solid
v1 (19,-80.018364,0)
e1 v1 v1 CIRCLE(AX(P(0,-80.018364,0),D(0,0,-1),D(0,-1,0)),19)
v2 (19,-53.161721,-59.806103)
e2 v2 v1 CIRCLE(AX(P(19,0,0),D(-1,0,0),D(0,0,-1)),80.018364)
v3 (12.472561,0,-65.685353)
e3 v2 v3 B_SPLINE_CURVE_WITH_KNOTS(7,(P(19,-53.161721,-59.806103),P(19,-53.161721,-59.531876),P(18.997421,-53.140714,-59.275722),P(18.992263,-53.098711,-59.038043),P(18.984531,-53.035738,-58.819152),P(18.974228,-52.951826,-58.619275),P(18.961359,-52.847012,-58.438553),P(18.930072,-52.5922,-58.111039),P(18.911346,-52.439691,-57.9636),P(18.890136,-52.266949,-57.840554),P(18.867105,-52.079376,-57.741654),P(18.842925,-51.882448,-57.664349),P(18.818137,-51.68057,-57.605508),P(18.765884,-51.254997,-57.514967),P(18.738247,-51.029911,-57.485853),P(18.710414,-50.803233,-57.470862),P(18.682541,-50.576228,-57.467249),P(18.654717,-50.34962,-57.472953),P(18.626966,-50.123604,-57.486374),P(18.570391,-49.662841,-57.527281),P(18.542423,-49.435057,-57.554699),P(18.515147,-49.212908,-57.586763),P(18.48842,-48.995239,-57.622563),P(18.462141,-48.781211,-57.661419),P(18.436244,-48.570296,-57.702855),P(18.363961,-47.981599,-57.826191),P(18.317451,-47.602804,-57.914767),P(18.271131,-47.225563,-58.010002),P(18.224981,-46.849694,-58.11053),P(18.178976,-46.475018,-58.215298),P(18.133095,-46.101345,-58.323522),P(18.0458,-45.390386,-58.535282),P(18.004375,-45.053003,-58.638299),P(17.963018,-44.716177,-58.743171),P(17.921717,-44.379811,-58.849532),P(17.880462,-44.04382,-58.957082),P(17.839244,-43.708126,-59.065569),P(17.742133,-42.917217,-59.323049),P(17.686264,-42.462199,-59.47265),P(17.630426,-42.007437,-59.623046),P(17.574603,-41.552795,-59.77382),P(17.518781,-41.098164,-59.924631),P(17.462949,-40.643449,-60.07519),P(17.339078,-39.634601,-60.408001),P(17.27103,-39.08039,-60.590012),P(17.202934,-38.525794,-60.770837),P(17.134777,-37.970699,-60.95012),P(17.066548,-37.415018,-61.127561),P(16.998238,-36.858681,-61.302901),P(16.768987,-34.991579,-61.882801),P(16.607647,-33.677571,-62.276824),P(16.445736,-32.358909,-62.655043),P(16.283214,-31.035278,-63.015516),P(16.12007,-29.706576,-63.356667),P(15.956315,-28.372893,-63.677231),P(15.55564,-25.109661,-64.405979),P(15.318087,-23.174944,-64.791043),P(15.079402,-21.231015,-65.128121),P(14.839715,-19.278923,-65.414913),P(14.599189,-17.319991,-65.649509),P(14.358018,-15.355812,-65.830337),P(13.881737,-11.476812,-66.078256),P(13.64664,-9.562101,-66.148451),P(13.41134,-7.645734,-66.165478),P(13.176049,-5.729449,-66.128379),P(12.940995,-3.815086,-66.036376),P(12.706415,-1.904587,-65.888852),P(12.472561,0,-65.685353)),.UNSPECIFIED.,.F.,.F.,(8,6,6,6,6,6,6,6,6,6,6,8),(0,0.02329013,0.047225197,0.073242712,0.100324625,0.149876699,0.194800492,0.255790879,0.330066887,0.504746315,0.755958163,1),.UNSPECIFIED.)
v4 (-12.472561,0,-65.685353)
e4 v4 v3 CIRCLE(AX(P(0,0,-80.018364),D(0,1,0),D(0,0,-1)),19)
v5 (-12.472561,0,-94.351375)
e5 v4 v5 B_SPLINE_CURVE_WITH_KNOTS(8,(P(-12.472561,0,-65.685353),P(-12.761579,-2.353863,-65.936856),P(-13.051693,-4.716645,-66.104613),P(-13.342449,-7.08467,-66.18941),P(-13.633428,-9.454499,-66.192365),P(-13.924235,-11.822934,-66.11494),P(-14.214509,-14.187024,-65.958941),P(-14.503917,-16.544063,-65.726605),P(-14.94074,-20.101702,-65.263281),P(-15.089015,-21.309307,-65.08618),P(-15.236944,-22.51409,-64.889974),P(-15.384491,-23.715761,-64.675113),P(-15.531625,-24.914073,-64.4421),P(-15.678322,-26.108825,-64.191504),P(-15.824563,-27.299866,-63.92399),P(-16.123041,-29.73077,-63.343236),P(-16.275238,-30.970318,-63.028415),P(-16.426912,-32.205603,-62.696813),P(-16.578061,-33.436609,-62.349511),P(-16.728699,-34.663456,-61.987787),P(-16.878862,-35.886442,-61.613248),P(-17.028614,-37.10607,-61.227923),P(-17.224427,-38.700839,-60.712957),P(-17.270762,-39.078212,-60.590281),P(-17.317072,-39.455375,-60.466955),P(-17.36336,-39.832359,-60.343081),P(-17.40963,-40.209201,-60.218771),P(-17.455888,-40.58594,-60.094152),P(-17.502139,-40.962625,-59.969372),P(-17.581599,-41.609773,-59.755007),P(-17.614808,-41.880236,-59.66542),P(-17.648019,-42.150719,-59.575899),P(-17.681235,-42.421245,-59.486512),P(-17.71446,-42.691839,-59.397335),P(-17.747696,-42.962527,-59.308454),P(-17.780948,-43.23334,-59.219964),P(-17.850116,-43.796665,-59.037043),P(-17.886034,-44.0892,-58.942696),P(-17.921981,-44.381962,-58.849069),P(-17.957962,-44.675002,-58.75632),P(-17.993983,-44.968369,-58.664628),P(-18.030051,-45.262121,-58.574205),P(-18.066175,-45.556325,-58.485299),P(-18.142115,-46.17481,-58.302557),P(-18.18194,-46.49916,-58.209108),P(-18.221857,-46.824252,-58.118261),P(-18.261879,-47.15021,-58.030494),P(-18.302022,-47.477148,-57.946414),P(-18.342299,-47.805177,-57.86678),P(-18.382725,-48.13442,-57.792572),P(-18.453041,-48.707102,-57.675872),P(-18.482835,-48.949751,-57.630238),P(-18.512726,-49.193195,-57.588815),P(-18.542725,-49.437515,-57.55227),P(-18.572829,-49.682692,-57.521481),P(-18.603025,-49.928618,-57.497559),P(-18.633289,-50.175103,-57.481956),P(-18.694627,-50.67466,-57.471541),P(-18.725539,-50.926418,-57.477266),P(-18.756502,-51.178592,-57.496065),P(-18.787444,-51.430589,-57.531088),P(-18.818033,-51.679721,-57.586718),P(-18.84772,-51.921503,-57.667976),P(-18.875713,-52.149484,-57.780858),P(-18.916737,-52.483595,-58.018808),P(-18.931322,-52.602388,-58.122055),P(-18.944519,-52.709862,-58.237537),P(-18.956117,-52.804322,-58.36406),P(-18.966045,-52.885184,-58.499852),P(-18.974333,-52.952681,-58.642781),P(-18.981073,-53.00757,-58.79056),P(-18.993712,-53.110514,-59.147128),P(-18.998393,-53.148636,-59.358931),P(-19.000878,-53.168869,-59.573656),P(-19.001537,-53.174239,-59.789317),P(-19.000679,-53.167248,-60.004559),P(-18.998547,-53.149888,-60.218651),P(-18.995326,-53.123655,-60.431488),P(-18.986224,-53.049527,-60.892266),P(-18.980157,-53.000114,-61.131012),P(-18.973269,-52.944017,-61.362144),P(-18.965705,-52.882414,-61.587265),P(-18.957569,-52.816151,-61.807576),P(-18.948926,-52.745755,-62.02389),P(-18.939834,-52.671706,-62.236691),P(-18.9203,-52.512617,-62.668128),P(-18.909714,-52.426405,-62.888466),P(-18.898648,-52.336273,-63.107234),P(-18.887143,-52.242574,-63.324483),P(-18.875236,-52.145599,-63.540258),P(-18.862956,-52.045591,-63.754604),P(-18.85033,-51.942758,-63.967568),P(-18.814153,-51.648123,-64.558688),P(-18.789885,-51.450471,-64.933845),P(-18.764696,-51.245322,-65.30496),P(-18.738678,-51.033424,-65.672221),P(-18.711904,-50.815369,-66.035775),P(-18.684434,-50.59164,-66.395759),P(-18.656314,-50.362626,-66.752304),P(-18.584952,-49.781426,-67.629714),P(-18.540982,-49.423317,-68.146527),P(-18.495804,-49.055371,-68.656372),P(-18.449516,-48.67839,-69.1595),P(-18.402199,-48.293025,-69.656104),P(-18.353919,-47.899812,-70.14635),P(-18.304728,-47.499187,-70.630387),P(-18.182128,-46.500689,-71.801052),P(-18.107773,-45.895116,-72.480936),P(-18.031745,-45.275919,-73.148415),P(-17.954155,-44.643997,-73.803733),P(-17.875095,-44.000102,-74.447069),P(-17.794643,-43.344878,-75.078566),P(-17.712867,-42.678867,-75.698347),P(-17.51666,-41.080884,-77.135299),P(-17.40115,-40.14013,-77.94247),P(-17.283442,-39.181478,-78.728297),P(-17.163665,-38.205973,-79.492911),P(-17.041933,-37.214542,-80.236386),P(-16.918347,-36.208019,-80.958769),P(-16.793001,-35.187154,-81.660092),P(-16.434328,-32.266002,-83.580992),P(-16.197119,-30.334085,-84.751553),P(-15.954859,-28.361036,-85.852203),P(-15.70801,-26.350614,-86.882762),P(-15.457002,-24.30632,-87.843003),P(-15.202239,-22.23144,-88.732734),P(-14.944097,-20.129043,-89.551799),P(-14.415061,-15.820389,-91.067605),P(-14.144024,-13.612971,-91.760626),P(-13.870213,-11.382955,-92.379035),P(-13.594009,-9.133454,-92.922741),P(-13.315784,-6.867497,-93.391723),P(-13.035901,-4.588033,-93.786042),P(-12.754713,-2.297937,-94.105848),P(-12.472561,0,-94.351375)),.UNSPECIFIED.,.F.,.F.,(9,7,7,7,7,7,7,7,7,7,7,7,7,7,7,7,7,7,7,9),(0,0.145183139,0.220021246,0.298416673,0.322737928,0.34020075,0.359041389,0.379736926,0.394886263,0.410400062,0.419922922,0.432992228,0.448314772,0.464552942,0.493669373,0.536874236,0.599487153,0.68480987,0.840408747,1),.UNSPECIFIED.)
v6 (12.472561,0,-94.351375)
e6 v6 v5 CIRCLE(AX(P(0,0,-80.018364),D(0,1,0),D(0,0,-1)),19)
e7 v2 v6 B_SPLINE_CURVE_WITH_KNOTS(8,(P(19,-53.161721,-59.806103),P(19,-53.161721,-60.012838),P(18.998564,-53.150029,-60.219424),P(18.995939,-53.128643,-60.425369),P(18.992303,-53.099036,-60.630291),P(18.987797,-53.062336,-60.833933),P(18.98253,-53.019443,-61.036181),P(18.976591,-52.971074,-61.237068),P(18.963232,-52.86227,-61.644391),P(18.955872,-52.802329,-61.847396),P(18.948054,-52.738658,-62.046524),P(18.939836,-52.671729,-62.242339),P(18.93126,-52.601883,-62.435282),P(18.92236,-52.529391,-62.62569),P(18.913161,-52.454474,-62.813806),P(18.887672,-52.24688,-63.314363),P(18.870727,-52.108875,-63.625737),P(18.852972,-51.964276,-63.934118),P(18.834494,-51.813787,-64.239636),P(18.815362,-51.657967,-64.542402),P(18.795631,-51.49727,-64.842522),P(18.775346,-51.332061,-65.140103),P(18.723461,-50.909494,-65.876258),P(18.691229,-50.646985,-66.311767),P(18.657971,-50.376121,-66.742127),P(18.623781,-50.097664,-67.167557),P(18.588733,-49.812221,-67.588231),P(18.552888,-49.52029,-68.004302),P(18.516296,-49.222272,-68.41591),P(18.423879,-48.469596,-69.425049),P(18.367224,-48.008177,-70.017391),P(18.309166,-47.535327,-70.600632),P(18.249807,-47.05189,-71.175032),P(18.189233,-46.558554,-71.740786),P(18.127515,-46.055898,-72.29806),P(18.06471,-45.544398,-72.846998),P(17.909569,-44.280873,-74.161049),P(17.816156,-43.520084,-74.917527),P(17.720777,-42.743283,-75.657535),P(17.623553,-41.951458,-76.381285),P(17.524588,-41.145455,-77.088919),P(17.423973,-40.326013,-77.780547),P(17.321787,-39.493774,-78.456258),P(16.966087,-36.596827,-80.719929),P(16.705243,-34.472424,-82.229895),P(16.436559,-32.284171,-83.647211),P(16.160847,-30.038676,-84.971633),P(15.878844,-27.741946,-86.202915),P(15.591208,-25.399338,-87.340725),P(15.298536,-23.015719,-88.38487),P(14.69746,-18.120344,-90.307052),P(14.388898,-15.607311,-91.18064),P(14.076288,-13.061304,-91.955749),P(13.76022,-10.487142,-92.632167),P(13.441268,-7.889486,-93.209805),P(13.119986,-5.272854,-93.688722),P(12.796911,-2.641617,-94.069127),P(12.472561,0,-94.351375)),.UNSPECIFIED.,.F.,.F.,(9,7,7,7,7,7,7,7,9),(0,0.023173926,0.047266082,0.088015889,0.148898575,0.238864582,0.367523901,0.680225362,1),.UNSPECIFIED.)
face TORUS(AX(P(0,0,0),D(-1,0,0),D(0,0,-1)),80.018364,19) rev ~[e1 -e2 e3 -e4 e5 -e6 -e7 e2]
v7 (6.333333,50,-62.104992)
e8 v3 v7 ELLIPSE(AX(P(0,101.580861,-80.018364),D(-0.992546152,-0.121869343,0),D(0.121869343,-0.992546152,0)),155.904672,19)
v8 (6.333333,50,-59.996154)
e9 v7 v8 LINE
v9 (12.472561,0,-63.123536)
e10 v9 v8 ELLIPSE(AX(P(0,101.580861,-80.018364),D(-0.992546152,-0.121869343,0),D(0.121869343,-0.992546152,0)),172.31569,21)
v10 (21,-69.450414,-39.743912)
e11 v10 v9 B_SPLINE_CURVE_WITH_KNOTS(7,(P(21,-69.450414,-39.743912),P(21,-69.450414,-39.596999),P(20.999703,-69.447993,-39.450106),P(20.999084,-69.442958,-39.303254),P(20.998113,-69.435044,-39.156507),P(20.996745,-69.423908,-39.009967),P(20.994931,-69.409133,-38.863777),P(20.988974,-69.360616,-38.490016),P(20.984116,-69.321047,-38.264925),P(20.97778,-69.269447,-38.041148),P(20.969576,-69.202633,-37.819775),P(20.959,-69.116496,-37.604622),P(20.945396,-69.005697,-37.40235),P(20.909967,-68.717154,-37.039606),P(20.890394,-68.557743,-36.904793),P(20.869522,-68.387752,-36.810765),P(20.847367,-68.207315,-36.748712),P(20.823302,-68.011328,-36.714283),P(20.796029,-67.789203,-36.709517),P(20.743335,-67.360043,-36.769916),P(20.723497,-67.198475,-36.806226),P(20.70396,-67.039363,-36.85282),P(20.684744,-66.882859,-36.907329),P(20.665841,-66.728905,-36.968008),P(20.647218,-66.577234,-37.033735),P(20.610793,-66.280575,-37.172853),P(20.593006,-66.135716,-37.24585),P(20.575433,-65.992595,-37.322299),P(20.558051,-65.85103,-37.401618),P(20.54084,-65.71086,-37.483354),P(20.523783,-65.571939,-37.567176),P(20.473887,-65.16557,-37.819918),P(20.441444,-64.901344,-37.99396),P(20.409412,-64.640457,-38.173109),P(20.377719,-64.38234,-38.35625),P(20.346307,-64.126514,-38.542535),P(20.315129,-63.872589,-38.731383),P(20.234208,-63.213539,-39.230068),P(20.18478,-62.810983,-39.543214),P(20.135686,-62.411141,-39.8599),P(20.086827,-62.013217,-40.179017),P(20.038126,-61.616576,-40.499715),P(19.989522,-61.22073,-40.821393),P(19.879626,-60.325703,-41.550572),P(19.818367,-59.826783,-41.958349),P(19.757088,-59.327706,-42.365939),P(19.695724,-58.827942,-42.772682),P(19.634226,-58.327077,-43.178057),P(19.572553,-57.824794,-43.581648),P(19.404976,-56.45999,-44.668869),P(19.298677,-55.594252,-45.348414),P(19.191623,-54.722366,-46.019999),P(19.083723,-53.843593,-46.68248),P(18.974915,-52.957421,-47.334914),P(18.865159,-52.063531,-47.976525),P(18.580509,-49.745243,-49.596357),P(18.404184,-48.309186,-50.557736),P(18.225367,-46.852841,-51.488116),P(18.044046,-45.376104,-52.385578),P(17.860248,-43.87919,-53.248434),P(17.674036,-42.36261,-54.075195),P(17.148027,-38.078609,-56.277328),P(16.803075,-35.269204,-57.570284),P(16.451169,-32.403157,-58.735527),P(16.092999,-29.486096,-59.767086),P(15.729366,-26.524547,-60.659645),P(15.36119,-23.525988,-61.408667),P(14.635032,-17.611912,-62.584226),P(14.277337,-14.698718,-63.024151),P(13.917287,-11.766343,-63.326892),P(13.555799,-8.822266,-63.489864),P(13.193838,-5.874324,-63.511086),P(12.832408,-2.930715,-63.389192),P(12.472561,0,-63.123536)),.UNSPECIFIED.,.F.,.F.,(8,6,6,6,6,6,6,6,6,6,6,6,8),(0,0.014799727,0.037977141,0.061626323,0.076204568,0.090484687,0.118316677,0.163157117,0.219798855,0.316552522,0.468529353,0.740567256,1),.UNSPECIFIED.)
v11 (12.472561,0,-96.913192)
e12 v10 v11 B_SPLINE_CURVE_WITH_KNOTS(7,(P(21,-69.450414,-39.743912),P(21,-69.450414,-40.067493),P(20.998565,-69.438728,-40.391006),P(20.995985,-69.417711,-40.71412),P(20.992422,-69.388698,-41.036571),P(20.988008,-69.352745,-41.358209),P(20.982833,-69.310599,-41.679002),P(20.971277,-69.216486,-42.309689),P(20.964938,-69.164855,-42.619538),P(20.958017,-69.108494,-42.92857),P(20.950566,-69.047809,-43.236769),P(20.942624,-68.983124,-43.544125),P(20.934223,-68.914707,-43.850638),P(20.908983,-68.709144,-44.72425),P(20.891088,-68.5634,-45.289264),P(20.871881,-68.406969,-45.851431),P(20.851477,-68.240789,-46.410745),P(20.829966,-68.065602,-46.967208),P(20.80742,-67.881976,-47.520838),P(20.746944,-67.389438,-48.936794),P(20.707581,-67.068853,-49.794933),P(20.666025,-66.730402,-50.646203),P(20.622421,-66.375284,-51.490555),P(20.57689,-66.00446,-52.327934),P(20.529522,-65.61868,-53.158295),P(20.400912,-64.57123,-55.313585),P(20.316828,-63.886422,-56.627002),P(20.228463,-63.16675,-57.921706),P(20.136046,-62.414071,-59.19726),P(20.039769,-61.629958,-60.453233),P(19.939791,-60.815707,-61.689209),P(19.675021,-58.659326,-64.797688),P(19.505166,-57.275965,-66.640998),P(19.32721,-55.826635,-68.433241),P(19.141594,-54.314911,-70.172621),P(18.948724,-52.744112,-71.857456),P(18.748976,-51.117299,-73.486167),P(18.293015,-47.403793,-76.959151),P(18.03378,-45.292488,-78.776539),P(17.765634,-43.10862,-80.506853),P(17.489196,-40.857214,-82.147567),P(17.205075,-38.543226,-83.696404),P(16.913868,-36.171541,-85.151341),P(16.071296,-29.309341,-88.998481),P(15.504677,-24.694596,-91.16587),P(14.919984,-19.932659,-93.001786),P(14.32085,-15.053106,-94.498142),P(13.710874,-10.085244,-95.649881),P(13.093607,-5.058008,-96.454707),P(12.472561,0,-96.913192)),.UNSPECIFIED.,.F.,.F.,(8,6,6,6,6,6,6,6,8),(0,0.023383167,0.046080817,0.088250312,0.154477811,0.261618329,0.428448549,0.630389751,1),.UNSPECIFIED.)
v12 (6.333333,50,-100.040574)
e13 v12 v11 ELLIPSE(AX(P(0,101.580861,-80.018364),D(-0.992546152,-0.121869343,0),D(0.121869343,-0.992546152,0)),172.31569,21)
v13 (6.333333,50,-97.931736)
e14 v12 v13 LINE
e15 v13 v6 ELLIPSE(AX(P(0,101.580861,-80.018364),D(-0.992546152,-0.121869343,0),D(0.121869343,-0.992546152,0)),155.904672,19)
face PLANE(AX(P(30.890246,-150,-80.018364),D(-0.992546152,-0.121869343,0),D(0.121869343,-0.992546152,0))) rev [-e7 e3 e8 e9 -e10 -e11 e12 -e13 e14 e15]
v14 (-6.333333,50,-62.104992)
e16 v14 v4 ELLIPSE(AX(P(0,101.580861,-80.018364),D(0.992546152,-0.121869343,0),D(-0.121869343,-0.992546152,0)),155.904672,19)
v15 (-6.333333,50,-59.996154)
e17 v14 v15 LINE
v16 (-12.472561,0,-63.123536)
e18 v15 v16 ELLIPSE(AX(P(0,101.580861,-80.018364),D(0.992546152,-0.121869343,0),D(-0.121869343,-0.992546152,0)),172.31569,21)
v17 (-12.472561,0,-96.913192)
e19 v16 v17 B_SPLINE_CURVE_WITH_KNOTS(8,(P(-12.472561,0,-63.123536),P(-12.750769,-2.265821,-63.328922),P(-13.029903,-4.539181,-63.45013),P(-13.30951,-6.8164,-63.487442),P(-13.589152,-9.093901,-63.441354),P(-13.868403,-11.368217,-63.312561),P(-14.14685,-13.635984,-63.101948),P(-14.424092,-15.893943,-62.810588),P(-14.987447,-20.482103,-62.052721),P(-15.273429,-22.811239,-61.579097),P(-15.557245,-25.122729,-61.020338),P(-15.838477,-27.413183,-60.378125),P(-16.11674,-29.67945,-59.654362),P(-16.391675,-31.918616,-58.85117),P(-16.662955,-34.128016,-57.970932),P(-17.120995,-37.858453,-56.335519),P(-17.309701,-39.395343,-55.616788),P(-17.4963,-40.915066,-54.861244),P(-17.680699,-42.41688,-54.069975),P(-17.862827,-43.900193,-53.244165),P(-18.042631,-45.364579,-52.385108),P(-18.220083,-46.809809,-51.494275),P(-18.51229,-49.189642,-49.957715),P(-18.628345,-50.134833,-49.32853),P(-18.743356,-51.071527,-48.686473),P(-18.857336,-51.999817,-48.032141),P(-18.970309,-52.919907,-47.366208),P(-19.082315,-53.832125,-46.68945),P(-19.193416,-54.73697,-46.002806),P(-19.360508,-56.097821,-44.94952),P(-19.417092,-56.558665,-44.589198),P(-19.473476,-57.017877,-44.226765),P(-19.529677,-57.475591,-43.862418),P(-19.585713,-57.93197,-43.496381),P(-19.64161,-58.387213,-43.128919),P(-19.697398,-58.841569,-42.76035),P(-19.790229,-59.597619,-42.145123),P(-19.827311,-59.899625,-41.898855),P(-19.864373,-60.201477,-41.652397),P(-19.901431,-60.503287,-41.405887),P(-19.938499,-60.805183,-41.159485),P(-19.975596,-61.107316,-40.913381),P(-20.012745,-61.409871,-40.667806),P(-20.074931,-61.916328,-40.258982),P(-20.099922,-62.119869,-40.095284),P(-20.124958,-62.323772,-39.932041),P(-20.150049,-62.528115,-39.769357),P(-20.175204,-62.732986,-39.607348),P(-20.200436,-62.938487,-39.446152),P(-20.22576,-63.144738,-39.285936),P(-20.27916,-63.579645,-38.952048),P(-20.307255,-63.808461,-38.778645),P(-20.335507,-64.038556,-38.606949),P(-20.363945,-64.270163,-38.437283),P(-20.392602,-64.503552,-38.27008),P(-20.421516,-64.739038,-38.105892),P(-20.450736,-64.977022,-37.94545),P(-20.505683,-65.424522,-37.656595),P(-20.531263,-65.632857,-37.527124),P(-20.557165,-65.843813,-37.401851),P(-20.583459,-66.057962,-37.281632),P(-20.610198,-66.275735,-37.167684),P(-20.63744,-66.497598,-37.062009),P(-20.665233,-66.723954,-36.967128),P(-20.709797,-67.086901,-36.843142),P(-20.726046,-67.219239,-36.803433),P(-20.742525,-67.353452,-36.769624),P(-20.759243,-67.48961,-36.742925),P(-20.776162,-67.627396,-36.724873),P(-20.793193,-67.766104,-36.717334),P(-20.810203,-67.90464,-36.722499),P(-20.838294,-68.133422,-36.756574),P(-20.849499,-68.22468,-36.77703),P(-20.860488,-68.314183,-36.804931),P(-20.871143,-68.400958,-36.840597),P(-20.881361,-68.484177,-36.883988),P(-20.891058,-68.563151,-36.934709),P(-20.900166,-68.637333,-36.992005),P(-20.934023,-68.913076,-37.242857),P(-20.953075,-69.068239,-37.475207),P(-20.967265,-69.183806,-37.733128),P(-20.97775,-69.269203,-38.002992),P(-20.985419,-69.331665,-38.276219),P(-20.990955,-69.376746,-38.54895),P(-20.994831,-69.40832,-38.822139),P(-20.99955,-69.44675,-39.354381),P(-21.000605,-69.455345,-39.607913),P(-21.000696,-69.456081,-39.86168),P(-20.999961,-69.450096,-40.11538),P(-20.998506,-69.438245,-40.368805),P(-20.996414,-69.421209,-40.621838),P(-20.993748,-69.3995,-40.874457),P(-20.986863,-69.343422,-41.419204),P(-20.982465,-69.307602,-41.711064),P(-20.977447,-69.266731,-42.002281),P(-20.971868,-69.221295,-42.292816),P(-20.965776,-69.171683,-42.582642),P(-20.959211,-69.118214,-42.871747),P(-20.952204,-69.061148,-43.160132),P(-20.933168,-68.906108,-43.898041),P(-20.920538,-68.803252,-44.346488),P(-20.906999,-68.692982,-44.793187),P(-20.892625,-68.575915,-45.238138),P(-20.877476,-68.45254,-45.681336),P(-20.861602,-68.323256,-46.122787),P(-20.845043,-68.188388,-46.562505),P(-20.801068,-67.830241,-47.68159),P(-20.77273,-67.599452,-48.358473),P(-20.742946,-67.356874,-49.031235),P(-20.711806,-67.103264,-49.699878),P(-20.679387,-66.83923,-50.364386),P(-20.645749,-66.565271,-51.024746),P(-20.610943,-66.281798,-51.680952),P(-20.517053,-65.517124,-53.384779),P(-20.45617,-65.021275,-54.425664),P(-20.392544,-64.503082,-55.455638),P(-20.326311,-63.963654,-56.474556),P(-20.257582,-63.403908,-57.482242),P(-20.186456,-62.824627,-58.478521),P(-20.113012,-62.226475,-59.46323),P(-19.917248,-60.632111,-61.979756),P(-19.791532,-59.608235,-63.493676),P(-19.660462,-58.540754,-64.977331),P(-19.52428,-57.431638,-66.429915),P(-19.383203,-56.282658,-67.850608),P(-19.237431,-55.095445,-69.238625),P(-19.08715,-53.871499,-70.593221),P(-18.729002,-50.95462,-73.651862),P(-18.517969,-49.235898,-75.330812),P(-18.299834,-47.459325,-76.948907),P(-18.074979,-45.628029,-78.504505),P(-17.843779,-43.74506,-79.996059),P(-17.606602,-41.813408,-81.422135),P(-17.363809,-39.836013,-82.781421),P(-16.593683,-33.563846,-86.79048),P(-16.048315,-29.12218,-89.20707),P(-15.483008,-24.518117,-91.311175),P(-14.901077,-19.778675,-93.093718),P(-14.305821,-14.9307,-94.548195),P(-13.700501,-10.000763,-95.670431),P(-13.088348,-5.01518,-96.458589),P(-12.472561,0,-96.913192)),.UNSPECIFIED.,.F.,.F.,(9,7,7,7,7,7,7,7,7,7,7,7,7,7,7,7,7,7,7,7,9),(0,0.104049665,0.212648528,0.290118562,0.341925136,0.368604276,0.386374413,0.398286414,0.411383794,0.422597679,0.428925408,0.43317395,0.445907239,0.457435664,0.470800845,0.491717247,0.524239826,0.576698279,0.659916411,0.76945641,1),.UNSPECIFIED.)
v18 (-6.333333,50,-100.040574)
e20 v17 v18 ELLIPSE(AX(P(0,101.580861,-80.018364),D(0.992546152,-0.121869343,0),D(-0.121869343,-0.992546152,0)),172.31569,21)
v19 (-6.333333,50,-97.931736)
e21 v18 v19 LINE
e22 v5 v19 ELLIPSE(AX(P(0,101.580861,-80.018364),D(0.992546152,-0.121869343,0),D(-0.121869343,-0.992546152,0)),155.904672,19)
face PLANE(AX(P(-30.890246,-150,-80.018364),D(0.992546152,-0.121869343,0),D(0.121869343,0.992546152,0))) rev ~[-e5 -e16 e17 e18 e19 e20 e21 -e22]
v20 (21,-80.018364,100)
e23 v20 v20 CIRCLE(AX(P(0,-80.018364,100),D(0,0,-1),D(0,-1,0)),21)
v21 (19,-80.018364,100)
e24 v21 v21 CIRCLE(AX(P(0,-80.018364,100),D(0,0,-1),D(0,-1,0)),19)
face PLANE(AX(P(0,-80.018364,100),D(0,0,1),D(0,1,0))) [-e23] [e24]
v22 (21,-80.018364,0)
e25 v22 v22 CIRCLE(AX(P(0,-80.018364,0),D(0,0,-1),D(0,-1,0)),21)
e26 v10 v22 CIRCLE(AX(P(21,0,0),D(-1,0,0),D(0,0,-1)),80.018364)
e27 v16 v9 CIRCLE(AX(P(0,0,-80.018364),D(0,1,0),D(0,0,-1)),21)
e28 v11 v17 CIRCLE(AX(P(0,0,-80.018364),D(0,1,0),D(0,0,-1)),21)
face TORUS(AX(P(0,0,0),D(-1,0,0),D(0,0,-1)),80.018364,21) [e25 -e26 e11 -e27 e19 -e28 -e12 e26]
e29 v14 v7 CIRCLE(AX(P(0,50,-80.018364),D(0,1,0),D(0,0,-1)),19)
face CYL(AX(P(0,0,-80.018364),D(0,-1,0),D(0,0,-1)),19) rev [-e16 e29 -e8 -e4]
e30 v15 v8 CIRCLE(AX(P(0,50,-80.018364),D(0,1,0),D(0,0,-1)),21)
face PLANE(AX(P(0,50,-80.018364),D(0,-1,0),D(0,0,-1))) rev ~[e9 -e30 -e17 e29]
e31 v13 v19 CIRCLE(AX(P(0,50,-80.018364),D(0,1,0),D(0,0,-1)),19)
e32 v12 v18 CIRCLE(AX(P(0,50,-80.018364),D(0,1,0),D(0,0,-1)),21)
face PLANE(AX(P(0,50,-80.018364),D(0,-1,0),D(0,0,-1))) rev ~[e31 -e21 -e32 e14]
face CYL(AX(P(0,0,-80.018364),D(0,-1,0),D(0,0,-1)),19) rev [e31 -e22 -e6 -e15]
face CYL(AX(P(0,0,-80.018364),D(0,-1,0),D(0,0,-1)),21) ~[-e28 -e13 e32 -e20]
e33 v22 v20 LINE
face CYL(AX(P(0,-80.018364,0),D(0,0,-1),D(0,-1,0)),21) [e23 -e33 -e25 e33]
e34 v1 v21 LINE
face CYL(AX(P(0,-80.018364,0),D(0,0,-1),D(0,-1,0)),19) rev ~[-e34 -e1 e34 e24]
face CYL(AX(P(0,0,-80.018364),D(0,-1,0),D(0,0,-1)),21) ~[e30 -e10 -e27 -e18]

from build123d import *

# Parameters (mm, degrees)
F1_R     = 21
F1_R_2   = 19
F3_DEPTH = 100
F4_DEPTH = 50
F7_DEPTH = 100


with BuildPart() as f2:
    # F2: sweep along a path in F0
    with BuildLine(Plane.YZ) as f2_path:
        ThreePointArc((0, -80), (-56.5685424949, -56.5685424949), (-80, 0))
    # F1 (on Top) → F2 (sweep)
    with BuildSketch(Plane.XY):
        with Locations((0, -80.018363893)):
            Circle(F1_R)
        with Locations((0, -80.018363893)):
            Circle(F1_R_2, mode=Mode.SUBTRACT)
    sweep(path=f2_path.line)

    # F3 (add): a face of the model
    f3_faces = [f2.faces().sort_by_distance(p)[0] for p in [
        (-20.4060303038, -80.018363893, 0),
    ]]
    extrude(f3_faces, amount=F3_DEPTH)

    # F4 (add): a face of the model
    f4_faces = [f2.faces().sort_by_distance(p)[0] for p in [
        (-20.4060303038, 0, -80.018363893),
    ]]
    extrude(f4_faces, amount=F4_DEPTH)


with BuildPart() as f7:
    # F6 (on face) → F7 (new body, symmetric)
    with BuildSketch(Plane.XY.offset(-80.018363893)):
        Polygon((-30.8902455139, -150), (-6.3333333333, 50), (-19, 50), (-50, 50), (-50, -150), align=None)
    extrude(amount=F7_DEPTH, both=True)


with BuildPart() as f8_1:
    # F8: instance of F7
    add(f7.part.mirror(Plane.YZ))


with BuildPart() as f2_1:
    add(f2.part)

    # F9: cut F8_1, F7
    add(f8_1.part, mode=Mode.SUBTRACT)
    add(f7.part, mode=Mode.SUBTRACT)


solid = f2_1.part
